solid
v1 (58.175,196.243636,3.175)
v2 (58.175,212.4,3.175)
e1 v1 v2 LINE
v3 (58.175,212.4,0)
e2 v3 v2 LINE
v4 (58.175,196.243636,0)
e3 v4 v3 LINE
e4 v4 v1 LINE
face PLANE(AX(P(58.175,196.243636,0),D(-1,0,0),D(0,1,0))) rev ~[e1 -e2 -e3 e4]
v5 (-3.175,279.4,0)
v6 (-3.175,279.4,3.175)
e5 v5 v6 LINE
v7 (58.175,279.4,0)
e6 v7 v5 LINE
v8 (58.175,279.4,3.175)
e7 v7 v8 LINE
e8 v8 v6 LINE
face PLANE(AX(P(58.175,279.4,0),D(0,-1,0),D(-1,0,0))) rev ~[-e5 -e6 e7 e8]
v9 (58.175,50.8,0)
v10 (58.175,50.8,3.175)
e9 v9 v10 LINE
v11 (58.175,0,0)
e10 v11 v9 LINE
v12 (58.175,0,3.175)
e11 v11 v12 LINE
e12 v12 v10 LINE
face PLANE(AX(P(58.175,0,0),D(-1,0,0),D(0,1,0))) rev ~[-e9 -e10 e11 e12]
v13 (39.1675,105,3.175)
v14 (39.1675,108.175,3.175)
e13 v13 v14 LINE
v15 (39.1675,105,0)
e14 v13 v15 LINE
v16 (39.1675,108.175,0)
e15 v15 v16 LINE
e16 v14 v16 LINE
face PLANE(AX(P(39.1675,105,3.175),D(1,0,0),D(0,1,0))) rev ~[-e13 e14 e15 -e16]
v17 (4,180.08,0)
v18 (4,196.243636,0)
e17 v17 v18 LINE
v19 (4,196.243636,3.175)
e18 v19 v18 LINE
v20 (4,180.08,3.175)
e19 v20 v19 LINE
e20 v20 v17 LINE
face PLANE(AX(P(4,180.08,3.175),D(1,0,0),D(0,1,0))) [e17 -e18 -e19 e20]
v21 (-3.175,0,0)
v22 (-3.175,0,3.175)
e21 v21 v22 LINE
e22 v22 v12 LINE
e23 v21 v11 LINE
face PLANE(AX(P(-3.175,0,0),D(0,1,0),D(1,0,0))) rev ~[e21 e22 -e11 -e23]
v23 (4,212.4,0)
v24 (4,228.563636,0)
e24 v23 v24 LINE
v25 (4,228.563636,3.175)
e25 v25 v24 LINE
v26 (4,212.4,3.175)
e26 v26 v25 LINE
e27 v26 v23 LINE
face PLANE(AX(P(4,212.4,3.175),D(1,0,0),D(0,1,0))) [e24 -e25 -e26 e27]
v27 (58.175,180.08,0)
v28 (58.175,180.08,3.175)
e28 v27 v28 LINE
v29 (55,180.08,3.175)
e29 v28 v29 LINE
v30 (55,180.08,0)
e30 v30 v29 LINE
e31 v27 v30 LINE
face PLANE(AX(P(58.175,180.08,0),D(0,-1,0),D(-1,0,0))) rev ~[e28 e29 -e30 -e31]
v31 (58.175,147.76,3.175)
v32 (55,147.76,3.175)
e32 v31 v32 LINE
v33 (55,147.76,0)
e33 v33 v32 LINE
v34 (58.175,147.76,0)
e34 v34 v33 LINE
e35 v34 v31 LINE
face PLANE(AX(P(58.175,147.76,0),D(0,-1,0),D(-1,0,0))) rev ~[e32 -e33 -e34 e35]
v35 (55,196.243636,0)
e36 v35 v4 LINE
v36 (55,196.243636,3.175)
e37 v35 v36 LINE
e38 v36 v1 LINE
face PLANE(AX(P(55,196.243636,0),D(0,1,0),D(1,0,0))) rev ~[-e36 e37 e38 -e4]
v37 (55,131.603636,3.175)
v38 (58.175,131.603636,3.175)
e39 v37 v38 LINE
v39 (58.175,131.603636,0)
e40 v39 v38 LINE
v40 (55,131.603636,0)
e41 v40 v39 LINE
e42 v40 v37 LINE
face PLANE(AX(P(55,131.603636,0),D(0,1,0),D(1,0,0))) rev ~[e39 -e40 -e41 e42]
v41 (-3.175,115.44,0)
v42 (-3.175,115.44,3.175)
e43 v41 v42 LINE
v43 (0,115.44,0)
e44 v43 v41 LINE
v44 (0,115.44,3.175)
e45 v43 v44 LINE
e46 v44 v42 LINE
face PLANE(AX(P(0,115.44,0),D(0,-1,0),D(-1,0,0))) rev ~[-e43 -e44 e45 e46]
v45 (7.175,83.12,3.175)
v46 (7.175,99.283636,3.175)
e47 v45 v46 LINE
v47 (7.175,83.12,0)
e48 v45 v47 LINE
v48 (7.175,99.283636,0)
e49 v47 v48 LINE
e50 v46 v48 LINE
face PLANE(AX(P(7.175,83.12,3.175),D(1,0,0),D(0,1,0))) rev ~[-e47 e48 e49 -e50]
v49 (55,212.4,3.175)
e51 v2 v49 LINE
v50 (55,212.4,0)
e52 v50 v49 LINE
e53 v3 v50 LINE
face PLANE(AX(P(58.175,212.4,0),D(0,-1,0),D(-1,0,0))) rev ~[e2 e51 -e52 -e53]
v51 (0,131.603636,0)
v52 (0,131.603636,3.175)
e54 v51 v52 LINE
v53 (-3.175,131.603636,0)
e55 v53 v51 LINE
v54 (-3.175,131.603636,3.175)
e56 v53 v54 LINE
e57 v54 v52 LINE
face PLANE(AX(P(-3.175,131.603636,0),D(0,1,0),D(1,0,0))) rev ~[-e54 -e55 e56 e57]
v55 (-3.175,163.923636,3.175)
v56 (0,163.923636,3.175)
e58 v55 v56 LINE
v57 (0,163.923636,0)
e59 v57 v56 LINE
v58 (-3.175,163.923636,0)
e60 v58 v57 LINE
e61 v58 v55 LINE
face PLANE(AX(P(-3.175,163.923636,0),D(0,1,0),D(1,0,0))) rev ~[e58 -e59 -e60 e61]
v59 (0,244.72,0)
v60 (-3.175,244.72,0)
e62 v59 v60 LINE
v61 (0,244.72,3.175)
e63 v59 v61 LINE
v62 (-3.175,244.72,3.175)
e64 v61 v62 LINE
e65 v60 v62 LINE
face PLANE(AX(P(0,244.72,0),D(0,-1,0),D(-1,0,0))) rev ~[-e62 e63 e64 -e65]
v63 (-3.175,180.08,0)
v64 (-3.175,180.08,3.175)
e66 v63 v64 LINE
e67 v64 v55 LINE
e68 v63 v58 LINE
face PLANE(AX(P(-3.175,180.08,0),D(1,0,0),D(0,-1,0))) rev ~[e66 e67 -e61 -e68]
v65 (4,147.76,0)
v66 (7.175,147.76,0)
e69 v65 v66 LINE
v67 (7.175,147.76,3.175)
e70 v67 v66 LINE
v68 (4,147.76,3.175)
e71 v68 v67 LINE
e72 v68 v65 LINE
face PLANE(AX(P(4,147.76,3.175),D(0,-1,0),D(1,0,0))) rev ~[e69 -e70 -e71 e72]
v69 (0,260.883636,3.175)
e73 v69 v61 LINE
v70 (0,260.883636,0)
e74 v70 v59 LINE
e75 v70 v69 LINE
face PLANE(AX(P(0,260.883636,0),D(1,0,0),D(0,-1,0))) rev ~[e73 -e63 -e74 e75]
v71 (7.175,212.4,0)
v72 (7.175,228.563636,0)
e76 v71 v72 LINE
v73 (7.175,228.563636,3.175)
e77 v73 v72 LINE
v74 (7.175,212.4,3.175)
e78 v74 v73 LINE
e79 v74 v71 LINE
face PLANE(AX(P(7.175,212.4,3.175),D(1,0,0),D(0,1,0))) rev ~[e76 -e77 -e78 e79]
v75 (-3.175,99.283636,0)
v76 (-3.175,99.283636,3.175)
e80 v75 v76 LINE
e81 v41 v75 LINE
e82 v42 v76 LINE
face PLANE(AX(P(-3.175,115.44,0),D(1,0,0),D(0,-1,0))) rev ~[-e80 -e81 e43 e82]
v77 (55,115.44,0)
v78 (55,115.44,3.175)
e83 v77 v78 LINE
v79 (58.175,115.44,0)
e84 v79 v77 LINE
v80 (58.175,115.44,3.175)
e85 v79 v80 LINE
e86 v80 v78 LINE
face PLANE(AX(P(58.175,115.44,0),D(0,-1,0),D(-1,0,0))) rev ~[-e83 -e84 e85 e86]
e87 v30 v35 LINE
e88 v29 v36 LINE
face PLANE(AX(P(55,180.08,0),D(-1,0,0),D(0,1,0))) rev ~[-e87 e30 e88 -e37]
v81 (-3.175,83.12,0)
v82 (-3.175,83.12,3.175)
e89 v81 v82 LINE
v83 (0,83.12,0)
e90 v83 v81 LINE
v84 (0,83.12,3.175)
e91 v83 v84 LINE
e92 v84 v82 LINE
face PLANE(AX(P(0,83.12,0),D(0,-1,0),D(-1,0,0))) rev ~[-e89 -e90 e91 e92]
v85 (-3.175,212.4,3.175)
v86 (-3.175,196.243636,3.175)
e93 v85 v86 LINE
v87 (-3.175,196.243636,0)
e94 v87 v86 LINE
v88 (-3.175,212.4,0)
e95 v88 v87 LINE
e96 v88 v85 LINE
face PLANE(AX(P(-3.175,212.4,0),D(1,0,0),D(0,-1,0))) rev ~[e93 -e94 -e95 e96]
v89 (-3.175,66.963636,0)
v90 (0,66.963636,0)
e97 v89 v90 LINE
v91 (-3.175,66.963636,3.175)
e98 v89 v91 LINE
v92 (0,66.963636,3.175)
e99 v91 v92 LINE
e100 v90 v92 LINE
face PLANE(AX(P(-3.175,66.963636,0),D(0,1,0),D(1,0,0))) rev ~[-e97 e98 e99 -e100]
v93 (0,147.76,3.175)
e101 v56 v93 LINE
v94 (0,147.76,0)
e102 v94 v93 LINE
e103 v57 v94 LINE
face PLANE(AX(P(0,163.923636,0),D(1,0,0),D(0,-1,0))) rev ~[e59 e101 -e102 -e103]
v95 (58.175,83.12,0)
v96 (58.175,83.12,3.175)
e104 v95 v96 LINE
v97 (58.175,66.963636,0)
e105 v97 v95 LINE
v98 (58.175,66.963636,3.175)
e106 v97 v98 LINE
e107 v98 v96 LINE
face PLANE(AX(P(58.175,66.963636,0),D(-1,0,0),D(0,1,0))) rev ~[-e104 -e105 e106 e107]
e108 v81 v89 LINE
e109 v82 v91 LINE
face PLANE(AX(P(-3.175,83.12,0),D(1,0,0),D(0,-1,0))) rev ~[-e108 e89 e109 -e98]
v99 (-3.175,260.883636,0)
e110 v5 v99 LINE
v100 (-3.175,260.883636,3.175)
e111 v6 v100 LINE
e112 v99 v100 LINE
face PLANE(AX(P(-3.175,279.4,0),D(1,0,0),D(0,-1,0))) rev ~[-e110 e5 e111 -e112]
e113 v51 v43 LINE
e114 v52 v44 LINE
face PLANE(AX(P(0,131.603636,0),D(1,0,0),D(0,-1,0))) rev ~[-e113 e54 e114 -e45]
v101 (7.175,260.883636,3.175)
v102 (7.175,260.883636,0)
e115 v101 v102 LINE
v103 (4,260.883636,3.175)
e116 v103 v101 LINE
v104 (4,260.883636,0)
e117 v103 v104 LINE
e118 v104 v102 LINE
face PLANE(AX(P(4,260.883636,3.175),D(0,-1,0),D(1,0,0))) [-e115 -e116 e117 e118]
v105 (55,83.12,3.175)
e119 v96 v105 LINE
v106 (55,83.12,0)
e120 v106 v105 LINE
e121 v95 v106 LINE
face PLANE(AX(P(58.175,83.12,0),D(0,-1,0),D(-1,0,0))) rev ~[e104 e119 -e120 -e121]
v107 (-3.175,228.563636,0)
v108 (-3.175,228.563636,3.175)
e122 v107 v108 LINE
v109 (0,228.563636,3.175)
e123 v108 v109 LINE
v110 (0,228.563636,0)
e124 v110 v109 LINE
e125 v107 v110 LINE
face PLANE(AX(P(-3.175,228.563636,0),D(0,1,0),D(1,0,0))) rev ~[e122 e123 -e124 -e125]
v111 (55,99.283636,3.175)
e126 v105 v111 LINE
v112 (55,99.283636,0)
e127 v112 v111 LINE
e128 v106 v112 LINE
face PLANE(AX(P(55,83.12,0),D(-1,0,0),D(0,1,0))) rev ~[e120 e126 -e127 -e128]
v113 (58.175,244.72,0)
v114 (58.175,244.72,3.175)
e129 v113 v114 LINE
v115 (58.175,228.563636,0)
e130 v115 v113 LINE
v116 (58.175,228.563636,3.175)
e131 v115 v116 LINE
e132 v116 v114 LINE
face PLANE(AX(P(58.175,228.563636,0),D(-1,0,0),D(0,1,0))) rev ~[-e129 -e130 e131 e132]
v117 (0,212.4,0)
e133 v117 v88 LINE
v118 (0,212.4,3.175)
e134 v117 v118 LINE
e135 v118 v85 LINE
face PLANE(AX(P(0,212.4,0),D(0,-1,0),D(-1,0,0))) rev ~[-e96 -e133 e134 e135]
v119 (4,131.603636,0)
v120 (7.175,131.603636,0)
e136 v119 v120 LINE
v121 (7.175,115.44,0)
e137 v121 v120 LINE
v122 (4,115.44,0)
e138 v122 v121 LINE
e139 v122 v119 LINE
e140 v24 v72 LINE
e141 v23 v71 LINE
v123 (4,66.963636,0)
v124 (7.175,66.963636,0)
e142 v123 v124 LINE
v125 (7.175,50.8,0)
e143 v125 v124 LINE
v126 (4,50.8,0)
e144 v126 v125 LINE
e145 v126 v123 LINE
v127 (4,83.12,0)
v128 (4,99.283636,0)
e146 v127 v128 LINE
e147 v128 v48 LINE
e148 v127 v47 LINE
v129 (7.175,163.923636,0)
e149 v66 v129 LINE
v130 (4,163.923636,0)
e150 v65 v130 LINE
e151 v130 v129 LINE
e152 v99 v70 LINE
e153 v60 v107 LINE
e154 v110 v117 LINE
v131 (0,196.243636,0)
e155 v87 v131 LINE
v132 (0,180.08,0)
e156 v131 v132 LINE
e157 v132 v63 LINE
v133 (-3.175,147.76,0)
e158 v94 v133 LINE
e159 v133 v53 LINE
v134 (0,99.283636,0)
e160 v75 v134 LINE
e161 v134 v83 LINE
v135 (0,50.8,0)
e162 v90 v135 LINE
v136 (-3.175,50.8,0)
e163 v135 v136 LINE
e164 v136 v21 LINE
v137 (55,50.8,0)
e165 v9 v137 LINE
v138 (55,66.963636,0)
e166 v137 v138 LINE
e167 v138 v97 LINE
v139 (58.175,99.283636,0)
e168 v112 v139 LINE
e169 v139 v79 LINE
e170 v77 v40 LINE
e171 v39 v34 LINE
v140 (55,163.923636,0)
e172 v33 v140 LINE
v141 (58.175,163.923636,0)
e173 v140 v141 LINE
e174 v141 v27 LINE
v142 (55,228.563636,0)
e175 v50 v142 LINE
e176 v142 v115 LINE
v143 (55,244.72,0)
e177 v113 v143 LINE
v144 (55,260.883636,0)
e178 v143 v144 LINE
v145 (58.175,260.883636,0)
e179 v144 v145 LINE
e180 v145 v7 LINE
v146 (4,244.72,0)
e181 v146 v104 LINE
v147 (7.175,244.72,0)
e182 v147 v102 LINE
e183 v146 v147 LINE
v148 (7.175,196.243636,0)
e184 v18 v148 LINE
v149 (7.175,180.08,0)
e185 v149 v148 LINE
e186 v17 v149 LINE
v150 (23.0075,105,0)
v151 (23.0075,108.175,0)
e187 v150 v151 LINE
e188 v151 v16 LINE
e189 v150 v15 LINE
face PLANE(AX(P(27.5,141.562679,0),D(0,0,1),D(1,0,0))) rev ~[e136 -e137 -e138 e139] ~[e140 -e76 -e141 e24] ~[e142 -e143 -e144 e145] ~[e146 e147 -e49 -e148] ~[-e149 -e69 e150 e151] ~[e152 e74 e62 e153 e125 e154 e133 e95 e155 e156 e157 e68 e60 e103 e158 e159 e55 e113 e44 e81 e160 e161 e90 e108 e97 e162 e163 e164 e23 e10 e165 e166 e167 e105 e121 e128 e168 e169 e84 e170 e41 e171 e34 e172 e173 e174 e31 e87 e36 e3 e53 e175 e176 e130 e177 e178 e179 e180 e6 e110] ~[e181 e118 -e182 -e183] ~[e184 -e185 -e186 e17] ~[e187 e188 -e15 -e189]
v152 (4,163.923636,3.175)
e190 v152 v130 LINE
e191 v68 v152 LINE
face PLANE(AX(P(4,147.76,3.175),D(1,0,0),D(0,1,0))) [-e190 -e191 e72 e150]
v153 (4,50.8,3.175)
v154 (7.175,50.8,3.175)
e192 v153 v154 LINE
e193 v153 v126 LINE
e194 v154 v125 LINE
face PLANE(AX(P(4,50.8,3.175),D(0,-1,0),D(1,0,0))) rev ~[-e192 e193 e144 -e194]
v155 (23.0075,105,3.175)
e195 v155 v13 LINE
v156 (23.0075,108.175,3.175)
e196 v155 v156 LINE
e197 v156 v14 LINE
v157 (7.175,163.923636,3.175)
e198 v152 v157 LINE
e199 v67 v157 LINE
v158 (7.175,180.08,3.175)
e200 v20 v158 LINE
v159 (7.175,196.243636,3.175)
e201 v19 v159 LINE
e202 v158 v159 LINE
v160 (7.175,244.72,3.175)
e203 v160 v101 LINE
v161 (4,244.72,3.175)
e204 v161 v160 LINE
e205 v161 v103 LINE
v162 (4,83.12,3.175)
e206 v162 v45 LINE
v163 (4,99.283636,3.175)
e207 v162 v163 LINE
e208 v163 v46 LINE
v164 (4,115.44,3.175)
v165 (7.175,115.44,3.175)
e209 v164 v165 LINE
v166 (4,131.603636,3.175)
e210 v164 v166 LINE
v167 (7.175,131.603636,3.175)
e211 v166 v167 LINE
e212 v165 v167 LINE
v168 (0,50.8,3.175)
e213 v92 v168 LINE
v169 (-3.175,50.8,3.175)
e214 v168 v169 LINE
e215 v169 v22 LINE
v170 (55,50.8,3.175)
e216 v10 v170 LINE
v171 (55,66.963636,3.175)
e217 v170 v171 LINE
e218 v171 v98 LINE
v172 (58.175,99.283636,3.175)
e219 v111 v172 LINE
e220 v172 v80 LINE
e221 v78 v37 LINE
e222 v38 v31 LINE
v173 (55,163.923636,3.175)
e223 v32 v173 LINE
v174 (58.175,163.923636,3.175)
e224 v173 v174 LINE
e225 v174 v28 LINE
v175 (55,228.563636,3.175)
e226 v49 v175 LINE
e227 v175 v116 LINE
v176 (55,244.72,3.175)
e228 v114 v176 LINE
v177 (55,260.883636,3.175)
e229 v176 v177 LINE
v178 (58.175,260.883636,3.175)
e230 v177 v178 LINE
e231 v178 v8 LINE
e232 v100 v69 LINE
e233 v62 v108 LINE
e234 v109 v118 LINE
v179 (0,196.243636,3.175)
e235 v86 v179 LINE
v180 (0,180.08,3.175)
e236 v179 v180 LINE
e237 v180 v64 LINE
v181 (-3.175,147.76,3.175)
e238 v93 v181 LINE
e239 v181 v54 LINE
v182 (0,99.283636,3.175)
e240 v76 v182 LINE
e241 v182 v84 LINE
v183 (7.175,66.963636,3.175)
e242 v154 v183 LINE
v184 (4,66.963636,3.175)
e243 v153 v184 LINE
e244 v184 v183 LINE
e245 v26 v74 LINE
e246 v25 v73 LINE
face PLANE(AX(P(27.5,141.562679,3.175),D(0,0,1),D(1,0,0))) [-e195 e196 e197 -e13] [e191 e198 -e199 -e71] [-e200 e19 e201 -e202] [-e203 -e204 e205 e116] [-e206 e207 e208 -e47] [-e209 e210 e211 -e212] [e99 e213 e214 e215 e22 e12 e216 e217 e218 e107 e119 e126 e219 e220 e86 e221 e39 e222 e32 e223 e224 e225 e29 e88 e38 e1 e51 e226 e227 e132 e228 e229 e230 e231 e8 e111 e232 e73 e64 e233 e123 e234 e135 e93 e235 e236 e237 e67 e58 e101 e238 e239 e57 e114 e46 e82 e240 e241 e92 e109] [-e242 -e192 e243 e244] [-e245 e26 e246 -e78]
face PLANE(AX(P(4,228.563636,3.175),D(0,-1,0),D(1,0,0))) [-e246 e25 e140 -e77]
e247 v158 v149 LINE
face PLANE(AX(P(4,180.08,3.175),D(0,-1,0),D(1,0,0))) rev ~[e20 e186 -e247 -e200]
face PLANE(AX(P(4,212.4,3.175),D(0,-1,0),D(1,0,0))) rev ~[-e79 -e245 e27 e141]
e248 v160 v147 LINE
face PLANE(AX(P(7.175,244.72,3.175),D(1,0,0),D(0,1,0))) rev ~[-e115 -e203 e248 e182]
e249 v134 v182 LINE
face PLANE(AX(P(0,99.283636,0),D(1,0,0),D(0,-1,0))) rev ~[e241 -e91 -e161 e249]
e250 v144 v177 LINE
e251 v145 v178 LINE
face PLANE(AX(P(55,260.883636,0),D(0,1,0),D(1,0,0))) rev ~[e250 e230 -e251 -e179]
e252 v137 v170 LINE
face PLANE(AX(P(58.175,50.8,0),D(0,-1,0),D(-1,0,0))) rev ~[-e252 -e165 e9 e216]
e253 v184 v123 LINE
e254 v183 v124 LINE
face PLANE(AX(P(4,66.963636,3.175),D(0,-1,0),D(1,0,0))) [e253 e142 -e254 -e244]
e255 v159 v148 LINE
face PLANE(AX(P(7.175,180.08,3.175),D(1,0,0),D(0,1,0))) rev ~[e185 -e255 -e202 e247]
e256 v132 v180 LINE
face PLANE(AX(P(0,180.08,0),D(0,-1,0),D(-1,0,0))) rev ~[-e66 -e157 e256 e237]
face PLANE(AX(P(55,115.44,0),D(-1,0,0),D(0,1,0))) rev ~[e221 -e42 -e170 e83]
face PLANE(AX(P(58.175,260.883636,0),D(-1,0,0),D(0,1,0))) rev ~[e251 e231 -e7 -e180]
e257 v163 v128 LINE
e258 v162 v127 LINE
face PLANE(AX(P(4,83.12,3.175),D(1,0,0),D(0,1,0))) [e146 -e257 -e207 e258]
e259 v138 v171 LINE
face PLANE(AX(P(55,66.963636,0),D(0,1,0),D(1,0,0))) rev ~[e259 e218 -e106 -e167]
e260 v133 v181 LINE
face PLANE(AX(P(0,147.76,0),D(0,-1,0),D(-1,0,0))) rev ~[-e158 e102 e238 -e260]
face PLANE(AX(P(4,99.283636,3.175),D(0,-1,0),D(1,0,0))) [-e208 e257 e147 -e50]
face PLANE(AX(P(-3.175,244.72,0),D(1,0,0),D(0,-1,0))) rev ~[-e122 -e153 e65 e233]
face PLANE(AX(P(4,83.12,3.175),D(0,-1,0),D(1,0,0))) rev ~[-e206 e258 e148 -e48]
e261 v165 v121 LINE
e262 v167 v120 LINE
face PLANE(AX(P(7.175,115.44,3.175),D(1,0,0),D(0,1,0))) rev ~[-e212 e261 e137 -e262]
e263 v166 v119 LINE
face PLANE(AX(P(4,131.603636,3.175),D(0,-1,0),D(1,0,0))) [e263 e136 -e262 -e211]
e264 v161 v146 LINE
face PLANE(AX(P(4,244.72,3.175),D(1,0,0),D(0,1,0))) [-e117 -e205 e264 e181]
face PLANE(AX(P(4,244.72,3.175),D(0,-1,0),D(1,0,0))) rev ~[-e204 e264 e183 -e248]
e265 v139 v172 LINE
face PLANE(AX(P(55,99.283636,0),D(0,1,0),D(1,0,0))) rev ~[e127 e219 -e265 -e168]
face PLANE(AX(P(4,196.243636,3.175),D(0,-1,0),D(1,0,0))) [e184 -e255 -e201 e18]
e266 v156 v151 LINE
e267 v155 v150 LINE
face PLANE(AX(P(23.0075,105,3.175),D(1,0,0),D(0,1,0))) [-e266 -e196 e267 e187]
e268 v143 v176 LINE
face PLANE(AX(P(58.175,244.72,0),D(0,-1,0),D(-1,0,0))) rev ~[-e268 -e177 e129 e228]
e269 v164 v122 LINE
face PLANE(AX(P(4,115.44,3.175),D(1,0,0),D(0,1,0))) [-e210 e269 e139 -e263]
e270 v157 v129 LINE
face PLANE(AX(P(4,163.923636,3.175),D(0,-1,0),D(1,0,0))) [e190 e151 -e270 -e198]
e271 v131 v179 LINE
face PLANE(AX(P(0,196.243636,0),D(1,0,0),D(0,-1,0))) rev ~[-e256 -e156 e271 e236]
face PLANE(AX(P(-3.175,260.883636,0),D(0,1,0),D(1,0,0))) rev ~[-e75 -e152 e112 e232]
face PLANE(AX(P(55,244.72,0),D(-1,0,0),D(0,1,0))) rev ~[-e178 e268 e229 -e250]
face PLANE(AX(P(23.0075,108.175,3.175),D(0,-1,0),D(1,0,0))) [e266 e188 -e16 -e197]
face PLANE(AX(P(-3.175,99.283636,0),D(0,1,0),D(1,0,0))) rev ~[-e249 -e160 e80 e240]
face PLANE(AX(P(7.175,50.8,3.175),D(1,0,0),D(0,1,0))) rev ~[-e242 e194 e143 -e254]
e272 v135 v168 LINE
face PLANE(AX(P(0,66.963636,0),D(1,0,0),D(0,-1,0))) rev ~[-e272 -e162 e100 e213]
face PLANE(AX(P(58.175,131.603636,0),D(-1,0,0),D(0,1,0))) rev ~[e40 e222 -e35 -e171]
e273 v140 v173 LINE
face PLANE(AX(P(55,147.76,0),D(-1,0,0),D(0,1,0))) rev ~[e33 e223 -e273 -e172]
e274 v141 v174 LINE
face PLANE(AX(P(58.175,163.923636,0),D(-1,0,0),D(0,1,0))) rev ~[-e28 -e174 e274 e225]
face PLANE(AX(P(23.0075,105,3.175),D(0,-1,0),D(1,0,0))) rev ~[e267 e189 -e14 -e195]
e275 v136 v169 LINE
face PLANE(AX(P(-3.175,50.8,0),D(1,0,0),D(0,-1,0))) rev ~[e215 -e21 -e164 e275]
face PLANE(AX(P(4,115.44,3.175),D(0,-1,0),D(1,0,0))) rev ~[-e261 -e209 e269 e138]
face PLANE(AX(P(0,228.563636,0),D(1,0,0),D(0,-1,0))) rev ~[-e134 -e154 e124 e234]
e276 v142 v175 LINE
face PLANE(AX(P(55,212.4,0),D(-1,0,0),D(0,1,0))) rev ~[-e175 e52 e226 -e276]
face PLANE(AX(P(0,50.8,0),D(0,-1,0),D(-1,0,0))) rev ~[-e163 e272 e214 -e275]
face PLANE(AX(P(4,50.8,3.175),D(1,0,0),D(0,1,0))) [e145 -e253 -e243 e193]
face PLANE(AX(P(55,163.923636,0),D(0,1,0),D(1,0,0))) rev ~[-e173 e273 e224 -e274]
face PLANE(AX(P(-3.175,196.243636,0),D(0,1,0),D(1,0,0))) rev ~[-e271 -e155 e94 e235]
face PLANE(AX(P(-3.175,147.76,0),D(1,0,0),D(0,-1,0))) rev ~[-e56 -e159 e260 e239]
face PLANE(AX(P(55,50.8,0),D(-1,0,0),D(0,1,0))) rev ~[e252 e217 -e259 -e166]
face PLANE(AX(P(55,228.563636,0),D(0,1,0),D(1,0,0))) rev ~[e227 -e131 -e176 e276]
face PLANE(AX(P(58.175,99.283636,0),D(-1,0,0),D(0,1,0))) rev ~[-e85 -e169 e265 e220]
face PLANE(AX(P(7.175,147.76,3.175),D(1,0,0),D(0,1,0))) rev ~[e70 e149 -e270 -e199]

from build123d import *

# Parameters (mm, degrees)
BOSS_EXTRUDE1_DEPTH = 3.175
SKETCH3_W           = 3.175
SKETCH3_H           = 16.163636364
CUT_EXTRUDE2_DEPTH  = 10
SKETCH4_W           = 16.16
SKETCH4_H           = 3.175
CUT_EXTRUDE3_DEPTH  = 10


with BuildPart() as part:
    # Sketch1 → Boss-Extrude1 (new body)
    with BuildSketch(Plane.XY):
        Polygon((0, 50.8), (-3.175, 50.8), (-3.175, 0), (58.175, 0), (58.175, 50.8), (55, 50.8), (55, 66.963636364), (58.175, 66.963636364), (58.175, 83.12), (55, 83.12), (55, 99.283636364), (58.175, 99.283636364), (58.175, 115.44), (55, 115.44), (55, 131.603636364), (58.175, 131.603636364), (58.175, 147.76), (55, 147.76), (55, 163.923636364), (58.175, 163.923636364), (58.175, 180.08), (55, 180.08), (55, 196.243636364), (58.175, 196.243636364), (58.175, 212.4), (55, 212.4), (55, 228.563636364), (58.175, 228.563636364), (58.175, 244.72), (55, 244.72), (55, 260.883636364), (58.175, 260.883636364), (58.175, 279.4), (-3.175, 279.4), (-3.175, 260.883636364), (0, 260.883636364), (0, 244.72), (-3.175, 244.72), (-3.175, 228.563636364), (0, 228.563636364), (0, 212.4), (-3.175, 212.4), (-3.175, 196.243636364), (0, 196.243636364), (0, 180.109090909), (0, 180.08), (-3.175, 180.08), (-3.175, 163.923636364), (0, 163.923636364), (0, 147.76), (-3.175, 147.76), (-3.175, 131.603636364), (0, 131.603636364), (0, 115.44), (-3.175, 115.44), (-3.175, 99.283636364), (0, 99.283636364), (0, 83.12), (-3.175, 83.12), (-3.175, 66.963636364), (0, 66.963636364), align=None)
    extrude(amount=BOSS_EXTRUDE1_DEPTH)

    # Sketch3 → Cut-Extrude2 (cut)
    with BuildSketch(Plane.XY.offset(3.175)):
        with Locations((5.5875, 58.881818182)):
            Rectangle(SKETCH3_W, SKETCH3_H)
        with Locations((5.5875, 91.201818182)):
            Rectangle(SKETCH3_W, SKETCH3_H)
        with Locations((5.5875, 123.521818182)):
            Rectangle(SKETCH3_W, SKETCH3_H)
        with Locations((5.5875, 155.841818182)):
            Rectangle(SKETCH3_W, SKETCH3_H)
        with Locations((5.5875, 188.161818182)):
            Rectangle(SKETCH3_W, SKETCH3_H)
        with Locations((5.5875, 220.481818182)):
            Rectangle(SKETCH3_W, SKETCH3_H)
        with Locations((5.5875, 252.801818182)):
            Rectangle(SKETCH3_W, SKETCH3_H)
    extrude(amount=-CUT_EXTRUDE2_DEPTH, mode=Mode.SUBTRACT)

    # Sketch4 → Cut-Extrude3 (cut)
    with BuildSketch(Plane.XY.offset(3.175)):
        with Locations((31.0875, 106.5875)):
            Rectangle(SKETCH4_W, SKETCH4_H)
    extrude(amount=-CUT_EXTRUDE3_DEPTH, mode=Mode.SUBTRACT)


solid = part.part
